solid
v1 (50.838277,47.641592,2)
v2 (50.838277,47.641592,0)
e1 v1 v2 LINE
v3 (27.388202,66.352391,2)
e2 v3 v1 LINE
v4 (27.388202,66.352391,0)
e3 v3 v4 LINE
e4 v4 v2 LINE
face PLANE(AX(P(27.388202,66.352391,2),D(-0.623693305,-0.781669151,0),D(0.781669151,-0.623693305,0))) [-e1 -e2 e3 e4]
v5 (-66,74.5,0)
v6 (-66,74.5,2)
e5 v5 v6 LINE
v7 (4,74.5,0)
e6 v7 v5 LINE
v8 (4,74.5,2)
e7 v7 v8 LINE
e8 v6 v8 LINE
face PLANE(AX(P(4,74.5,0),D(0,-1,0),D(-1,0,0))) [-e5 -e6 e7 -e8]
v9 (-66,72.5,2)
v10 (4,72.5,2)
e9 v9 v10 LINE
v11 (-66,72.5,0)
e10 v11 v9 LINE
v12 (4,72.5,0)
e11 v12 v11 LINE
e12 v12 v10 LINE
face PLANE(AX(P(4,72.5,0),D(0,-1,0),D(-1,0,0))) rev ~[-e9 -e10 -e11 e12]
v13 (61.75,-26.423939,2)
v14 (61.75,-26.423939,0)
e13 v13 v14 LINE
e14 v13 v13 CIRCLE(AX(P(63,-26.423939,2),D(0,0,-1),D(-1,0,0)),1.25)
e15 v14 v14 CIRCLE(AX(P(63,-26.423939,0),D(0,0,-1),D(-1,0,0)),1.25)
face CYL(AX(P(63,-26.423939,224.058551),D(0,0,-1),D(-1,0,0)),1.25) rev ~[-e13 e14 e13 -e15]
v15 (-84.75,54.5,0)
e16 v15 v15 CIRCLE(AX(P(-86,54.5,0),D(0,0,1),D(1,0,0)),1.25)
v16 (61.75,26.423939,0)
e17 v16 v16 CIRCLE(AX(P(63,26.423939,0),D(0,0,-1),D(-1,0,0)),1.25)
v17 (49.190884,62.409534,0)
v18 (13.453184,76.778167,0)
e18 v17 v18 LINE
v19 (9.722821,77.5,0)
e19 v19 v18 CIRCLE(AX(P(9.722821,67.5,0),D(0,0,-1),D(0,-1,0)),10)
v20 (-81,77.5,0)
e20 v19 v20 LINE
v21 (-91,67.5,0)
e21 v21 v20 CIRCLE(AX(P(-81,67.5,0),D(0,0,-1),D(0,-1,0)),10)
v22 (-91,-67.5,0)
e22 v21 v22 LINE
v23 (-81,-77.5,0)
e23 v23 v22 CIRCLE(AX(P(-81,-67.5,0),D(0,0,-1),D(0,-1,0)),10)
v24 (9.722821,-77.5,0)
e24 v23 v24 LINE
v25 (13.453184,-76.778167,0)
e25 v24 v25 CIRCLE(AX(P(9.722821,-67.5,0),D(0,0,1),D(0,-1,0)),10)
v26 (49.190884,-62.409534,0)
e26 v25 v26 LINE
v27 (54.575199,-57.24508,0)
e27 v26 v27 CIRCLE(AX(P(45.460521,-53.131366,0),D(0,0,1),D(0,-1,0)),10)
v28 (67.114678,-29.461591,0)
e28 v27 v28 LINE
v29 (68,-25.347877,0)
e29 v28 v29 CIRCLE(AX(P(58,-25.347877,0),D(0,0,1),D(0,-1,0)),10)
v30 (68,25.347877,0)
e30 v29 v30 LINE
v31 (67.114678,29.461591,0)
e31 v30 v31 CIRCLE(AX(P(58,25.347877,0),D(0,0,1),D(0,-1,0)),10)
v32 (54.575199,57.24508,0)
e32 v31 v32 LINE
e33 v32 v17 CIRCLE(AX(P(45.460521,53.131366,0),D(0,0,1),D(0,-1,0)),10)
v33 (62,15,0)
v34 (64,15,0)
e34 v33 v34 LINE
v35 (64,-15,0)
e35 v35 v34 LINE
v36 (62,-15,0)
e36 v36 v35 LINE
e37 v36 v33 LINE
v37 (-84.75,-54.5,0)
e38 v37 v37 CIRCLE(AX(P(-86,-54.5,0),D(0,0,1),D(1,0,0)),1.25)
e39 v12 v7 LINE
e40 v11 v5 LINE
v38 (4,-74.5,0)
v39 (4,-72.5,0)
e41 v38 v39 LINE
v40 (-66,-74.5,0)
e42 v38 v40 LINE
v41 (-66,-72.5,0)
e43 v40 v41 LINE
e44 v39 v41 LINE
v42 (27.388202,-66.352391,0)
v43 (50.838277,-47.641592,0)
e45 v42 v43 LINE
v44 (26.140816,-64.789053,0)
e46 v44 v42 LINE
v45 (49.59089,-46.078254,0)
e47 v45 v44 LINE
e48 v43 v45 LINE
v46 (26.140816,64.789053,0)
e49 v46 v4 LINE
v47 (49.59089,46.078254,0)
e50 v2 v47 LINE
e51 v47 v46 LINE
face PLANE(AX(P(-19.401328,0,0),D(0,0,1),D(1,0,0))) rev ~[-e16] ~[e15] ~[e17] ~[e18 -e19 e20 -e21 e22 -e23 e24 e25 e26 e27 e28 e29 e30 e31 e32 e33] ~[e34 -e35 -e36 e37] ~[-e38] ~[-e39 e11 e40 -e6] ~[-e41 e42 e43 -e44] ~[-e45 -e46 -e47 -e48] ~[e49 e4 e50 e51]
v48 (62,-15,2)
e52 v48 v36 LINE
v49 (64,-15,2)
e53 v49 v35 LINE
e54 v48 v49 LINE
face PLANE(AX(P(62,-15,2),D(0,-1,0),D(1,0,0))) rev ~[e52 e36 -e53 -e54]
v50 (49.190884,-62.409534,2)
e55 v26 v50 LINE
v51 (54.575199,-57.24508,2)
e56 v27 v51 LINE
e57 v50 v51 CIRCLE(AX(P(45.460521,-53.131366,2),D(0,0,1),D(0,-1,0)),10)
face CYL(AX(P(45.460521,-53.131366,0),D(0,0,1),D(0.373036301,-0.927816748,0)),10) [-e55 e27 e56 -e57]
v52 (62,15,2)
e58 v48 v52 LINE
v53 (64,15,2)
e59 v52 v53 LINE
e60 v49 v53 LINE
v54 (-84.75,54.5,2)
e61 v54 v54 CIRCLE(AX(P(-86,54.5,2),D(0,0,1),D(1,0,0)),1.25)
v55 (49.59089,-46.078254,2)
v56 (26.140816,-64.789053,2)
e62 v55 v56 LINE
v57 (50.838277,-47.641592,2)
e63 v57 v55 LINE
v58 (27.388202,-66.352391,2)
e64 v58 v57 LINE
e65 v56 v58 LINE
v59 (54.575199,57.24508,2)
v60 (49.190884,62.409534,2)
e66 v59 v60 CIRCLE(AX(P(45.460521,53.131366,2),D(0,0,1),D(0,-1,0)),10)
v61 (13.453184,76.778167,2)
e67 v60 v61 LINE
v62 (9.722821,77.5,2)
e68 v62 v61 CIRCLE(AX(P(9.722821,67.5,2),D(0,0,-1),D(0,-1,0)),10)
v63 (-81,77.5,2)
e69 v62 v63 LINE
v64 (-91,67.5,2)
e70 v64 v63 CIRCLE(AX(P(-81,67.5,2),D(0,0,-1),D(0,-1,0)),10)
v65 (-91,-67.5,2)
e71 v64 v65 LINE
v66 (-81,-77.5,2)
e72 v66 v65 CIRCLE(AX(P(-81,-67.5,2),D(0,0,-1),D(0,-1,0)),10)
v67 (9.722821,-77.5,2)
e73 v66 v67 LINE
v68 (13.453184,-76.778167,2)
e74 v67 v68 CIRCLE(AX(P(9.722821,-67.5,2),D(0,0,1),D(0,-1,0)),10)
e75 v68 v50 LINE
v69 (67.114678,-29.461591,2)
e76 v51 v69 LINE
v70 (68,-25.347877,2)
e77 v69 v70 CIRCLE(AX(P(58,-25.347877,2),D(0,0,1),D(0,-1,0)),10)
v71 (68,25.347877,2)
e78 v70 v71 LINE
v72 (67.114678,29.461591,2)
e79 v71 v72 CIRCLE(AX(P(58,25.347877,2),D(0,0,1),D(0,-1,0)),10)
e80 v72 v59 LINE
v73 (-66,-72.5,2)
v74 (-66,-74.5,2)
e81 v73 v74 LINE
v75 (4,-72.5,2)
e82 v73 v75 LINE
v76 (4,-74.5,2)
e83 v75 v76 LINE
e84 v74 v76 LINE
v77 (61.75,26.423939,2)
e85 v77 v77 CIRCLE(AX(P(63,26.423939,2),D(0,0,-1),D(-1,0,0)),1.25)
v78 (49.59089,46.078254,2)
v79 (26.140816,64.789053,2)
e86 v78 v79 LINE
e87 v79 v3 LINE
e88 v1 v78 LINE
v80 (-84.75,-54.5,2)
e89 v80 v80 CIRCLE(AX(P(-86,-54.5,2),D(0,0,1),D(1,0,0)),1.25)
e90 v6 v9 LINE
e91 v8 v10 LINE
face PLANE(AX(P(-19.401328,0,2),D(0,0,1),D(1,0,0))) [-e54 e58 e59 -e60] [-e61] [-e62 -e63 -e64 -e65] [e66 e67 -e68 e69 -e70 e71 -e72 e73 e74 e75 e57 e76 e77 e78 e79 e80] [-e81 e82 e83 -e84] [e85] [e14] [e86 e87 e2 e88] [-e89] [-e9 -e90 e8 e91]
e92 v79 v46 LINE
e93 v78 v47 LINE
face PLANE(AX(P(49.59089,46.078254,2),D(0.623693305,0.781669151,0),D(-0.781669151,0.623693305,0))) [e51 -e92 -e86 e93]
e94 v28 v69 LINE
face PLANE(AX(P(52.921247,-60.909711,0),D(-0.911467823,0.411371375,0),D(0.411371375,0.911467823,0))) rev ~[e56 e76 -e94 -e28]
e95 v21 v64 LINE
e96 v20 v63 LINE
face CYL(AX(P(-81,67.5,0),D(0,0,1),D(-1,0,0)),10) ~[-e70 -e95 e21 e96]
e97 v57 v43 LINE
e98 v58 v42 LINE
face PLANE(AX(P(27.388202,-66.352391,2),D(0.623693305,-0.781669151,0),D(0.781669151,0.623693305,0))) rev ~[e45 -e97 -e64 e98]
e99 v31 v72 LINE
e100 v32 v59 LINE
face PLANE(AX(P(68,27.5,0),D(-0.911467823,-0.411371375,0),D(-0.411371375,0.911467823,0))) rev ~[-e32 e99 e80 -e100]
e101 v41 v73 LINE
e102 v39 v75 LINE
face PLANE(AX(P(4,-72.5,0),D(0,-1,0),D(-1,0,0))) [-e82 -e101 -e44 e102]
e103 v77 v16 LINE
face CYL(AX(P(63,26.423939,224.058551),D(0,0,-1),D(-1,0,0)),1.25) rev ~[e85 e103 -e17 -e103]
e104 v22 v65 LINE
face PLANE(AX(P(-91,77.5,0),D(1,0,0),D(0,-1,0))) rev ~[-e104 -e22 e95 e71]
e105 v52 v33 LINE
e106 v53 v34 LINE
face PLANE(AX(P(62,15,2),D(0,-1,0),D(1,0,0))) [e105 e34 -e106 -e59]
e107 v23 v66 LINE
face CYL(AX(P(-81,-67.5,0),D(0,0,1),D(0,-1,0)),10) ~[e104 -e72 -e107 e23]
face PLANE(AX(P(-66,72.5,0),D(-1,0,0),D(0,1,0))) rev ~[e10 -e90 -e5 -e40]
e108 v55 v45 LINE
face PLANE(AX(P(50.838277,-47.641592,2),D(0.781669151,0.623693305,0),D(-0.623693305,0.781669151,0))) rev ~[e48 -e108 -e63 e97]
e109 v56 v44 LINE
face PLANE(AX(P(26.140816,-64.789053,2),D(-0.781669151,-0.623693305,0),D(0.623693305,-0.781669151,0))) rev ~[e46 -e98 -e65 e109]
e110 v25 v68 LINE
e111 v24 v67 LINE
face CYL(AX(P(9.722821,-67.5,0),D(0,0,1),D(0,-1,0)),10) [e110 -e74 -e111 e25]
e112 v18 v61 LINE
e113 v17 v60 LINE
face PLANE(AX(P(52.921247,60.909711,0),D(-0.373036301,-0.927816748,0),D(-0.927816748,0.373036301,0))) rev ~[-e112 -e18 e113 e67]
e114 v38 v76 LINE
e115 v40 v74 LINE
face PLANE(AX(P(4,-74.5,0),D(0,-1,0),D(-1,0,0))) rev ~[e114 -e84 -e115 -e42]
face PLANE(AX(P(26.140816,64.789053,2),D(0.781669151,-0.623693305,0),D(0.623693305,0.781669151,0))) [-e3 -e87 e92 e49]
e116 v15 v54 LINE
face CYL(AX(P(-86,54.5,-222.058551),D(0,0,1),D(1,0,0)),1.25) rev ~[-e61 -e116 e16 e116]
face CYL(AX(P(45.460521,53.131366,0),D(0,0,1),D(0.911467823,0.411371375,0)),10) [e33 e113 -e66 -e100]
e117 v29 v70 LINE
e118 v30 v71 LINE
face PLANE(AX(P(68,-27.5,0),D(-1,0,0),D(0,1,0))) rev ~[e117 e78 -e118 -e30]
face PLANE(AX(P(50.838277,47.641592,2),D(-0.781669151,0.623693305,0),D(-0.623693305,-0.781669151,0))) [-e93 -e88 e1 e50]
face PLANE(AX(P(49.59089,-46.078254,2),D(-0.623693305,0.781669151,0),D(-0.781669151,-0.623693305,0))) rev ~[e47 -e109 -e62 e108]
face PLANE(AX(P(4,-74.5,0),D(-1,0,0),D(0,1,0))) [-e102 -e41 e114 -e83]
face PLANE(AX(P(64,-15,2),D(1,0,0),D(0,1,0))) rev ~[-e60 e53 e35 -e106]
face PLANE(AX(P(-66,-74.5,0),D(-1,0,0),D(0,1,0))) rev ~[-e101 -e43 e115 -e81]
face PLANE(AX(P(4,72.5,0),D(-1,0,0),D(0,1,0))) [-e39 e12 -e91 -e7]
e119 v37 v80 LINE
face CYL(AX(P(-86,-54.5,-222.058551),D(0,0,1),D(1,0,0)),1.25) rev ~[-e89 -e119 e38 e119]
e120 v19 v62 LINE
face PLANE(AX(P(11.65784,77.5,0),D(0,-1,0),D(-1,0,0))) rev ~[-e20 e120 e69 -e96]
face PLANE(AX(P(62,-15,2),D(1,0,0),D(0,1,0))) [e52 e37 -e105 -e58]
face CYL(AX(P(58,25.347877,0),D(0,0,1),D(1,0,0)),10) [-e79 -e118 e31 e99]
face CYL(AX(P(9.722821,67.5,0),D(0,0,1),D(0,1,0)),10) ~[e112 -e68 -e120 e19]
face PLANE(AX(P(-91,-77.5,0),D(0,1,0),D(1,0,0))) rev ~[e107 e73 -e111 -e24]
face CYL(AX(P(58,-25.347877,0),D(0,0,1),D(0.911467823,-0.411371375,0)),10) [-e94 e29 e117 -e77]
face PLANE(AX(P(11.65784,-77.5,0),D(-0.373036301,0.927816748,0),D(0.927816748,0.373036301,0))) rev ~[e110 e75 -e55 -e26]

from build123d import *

# Parameters (mm, degrees)
ESTRUSIONE_ESTRUSIONE1_DEPTH = 2
FORO_FILETTATO_M3X0_5_1_D    = 2.5
SCHIZZO4_W                   = 70
SCHIZZO4_H                   = 2
TAGLIO_ESTRUSIONE1_DEPTH     = 10
FORO_FILETTATO_M3X0_5_2_D    = 2.5
SCHIZZO7_W                   = 2
SCHIZZO7_H                   = 30
TAGLIO_ESTRUSIONE2_DEPTH     = 10
RACCORDO1_R                  = 10
RACCORDO2_R                  = 10


with BuildPart() as part:
    # Schizzo1 → Estrusione-Estrusione1 (new body)
    with BuildSketch(Plane.XY):
        Polygon((11.657840491, -77.5), (52.921246524, -60.909710617), (68, -27.5), (68, 27.5), (52.921246524, 60.909710617), (11.657840491, 77.5), (-91, 77.5), (-91, -77.5), align=None)
    extrude(amount=ESTRUSIONE_ESTRUSIONE1_DEPTH)

    # Foro filettato M3x0.5-1 (through all)
    with Locations(Plane(origin=(0, 0, 0), x_dir=(-1, 0, 0), z_dir=(0, 0, -1))):
        with Locations((86, -54.5), (86, 54.5)):
            Hole(FORO_FILETTATO_M3X0_5_1_D / 2)

    # Schizzo4 → Taglio-Estrusione1 (cut)
    with BuildSketch(Plane(origin=(0, 0, 0), x_dir=(-1, 0, 0), z_dir=(0, 0, -1))):
        with Locations((31, -73.5)):
            Rectangle(SCHIZZO4_W, SCHIZZO4_H)
        with Locations((31, 73.5)):
            Rectangle(SCHIZZO4_W, SCHIZZO4_H)
    extrude(amount=-TAGLIO_ESTRUSIONE1_DEPTH, mode=Mode.SUBTRACT)

    # Foro filettato M3x0.5-2 (through all)
    with Locations(Plane.XY.offset(2)):
        with Locations((63, 26.42393853), (63, -26.42393853)):
            Hole(FORO_FILETTATO_M3X0_5_2_D / 2)

    # Schizzo7 → Taglio-Estrusione2 (cut)
    with BuildSketch(Plane.XY.offset(2)):
        Polygon((27.388202482, 66.352391197), (50.838277007, 47.641592048), (49.590890397, 46.078253746), (26.140815873, 64.789052895), align=None)
        Polygon((49.590890397, -46.078253746), (26.140815873, -64.789052895), (27.388202482, -66.352391197), (50.838277007, -47.641592048), align=None)
        with Locations((63, 0)):
            Rectangle(SCHIZZO7_W, SCHIZZO7_H)
    extrude(amount=-TAGLIO_ESTRUSIONE2_DEPTH, mode=Mode.SUBTRACT)

    # Raccordo1
    raccordo1_edges = [part.edges().sort_by_distance(p)[0] for p in [
        (-91, 77.5, 1),
        (-91, -77.5, 1),
    ]]
    fillet(raccordo1_edges, radius=RACCORDO1_R)

    # Raccordo2
    raccordo2_edges = [part.edges().sort_by_distance(p)[0] for p in [
        (11.657840491, 77.5, 1),
        (52.921246524, 60.909710617, 1),
        (68, 27.5, 1),
        (68, -27.5, 1),
        (52.921246524, -60.909710617, 1),
        (11.657840491, -77.5, 1),
    ]]
    fillet(raccordo2_edges, radius=RACCORDO2_R)


solid = part.part
